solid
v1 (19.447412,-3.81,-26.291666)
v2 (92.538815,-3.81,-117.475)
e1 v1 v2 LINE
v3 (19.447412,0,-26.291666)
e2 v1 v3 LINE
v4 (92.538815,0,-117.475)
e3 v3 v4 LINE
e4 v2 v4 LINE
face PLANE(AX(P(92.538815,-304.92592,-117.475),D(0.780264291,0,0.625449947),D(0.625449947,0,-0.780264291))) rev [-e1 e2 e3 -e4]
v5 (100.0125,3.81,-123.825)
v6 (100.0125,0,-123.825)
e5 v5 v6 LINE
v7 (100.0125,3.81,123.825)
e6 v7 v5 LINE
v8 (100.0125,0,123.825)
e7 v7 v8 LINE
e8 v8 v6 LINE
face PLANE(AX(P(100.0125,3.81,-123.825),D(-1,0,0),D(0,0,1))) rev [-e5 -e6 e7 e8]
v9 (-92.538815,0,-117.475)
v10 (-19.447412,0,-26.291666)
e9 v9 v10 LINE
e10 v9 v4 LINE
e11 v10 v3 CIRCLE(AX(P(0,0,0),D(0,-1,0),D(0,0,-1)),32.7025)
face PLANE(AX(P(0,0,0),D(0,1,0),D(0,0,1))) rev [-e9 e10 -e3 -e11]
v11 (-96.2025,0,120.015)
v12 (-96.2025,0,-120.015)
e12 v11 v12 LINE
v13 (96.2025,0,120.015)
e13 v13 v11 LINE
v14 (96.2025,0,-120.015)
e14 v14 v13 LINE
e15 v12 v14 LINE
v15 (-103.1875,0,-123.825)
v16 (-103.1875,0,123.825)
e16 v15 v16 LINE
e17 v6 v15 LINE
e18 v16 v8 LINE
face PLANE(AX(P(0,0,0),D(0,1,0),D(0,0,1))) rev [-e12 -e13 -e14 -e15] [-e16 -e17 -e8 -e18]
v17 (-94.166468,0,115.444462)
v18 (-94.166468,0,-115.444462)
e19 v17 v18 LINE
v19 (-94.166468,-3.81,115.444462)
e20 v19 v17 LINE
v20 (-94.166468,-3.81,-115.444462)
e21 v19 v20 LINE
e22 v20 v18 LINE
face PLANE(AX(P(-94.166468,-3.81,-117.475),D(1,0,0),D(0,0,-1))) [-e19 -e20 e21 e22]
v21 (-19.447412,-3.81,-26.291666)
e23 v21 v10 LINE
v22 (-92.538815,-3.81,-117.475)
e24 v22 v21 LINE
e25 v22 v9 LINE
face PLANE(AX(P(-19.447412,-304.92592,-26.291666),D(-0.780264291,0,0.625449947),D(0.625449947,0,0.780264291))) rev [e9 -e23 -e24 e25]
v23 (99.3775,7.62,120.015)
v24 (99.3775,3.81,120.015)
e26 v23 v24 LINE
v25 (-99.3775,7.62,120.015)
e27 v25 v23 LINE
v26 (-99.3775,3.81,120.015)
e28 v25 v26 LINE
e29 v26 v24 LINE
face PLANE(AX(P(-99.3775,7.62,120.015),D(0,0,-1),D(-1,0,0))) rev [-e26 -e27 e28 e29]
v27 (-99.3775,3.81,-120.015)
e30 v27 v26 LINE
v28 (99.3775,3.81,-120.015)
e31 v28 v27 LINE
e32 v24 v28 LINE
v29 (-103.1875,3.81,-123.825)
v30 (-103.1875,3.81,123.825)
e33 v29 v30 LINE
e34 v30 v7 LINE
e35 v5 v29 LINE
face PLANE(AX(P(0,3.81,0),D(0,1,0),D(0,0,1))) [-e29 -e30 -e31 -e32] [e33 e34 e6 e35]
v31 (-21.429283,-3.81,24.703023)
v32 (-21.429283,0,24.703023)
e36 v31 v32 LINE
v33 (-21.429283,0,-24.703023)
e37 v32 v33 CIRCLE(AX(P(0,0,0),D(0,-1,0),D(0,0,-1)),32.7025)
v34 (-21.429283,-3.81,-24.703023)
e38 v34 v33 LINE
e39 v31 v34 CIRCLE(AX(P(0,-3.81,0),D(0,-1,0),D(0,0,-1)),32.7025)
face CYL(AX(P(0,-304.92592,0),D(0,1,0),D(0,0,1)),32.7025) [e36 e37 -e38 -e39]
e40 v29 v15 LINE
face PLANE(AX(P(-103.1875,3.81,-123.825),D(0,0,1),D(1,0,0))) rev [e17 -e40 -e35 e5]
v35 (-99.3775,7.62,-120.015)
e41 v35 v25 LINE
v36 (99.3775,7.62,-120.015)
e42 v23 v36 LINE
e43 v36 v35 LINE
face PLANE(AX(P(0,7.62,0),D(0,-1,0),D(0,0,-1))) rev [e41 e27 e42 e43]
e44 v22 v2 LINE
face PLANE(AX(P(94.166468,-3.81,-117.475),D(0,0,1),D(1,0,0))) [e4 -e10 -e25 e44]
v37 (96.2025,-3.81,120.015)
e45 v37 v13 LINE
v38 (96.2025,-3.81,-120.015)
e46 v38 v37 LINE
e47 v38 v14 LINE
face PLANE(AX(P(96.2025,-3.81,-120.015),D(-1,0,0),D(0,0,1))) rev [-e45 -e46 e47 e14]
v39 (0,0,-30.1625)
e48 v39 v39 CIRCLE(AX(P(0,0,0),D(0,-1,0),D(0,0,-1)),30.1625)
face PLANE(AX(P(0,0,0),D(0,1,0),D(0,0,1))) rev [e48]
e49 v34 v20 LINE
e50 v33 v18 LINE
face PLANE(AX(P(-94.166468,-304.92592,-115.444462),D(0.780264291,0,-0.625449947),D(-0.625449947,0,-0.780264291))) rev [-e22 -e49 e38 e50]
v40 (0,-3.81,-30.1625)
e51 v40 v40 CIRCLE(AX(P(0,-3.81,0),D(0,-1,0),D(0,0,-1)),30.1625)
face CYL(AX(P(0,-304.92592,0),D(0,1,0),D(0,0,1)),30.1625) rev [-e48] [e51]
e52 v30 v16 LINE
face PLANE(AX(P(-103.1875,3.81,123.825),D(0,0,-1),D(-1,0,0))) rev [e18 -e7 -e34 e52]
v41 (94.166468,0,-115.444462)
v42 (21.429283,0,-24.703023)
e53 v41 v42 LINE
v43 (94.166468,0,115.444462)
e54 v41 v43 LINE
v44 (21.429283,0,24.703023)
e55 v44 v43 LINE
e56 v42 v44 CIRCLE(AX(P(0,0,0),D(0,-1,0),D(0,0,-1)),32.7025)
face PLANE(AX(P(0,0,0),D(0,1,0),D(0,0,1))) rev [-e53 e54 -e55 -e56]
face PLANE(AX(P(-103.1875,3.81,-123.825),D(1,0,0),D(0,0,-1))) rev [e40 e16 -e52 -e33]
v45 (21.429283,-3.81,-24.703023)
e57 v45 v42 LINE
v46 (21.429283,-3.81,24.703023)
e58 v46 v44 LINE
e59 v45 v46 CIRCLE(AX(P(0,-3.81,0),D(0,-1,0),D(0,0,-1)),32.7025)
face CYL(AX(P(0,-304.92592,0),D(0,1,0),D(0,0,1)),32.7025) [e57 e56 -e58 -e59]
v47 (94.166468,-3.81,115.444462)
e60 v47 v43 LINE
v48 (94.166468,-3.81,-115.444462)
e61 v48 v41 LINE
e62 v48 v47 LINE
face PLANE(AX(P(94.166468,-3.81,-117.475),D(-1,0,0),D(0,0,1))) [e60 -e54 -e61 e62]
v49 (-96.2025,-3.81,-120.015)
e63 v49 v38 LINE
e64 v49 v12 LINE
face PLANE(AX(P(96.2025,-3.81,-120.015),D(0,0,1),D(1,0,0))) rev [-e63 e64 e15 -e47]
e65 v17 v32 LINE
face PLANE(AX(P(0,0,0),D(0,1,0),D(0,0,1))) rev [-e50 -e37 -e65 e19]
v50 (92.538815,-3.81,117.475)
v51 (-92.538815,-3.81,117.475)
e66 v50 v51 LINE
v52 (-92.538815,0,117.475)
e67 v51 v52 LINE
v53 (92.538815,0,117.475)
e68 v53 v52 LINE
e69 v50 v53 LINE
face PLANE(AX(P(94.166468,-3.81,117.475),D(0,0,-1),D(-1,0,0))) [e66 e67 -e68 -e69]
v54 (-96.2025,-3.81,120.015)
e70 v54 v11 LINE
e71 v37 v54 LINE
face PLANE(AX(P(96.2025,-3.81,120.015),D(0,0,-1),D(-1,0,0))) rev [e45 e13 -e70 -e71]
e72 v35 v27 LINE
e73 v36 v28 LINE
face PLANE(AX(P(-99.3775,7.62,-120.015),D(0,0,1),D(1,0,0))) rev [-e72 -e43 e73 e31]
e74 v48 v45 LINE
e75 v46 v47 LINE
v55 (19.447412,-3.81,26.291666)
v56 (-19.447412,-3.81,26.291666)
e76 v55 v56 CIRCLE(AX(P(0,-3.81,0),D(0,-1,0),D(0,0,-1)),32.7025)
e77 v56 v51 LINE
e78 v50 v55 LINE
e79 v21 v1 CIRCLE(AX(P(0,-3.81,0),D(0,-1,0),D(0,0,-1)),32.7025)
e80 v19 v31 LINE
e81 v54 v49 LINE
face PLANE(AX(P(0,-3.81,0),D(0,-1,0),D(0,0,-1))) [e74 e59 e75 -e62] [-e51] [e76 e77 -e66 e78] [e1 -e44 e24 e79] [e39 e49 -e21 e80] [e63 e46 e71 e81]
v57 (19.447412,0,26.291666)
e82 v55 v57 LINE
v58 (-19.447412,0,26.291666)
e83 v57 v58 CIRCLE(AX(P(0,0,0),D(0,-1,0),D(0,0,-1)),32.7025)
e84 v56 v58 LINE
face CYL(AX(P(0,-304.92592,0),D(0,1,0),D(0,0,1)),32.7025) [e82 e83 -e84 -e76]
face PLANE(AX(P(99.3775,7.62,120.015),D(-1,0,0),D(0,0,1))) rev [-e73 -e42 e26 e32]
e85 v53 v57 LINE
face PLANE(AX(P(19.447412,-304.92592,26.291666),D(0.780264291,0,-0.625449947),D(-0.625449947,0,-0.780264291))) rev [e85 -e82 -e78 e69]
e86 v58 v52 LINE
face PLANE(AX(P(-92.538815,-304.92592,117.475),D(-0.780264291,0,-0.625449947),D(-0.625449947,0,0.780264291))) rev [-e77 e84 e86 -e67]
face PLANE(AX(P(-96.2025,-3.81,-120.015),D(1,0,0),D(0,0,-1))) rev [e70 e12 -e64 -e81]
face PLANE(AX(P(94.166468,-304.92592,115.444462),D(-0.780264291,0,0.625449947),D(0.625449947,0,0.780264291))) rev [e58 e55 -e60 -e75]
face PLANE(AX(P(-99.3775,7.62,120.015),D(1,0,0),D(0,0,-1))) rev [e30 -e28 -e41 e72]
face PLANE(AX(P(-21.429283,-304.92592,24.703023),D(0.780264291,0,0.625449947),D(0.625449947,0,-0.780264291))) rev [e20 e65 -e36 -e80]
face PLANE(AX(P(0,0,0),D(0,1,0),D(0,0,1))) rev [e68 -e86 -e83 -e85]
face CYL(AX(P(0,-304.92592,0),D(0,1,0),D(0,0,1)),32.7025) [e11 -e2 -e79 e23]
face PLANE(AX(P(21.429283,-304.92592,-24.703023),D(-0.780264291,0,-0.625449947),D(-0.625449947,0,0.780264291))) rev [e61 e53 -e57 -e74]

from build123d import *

# Parameters (mm, degrees)
SKETCH1_W           = 203.2
SKETCH1_H           = 247.65
BOSS_EXTRUDE1_DEPTH = 3.81
SKETCH2_W           = 198.755
SKETCH2_H           = 240.03
BOSS_EXTRUDE2_DEPTH = 3.81
SKETCH3_W           = 192.405
SKETCH3_H           = 240.03
SKETCH3_W_2         = 188.332936508
SKETCH3_H_2         = 234.95
BOSS_EXTRUDE3_DEPTH = 3.81
SKETCH4_R           = 30.1625
BOSS_EXTRUDE4_DEPTH = 3.81


with BuildPart() as part:
    # Sketch1 → Boss-Extrude1 (new body)
    with BuildSketch(Plane(origin=(0, 0, 0), x_dir=(1, 0, 0), z_dir=(0, 1, 0))):
        with Locations((-1.5875, 0)):
            Rectangle(SKETCH1_W, SKETCH1_H)
    extrude(amount=BOSS_EXTRUDE1_DEPTH)

    # Sketch2 → Boss-Extrude2 (add)
    with BuildSketch(Plane(origin=(0, 3.81, 0), x_dir=(1, 0, 0), z_dir=(0, 1, 0))):
        Rectangle(SKETCH2_W, SKETCH2_H)
    extrude(amount=BOSS_EXTRUDE2_DEPTH)

    # Sketch3 → Boss-Extrude3 (add)
    with BuildSketch(Plane.XZ):
        Rectangle(SKETCH3_W, SKETCH3_H)
        Rectangle(SKETCH3_W_2, SKETCH3_H_2, mode=Mode.SUBTRACT)
    extrude(amount=BOSS_EXTRUDE3_DEPTH)

    # Sketch4 → Boss-Extrude4 (add)
    with BuildSketch(Plane(origin=(0, 0, 0), x_dir=(-1, 0, 0), z_dir=(0, -1, 0))):
        with BuildLine():
            Line((-92.538814631, 117.475), (-19.447411716, 26.291665671))
            ThreePointArc((-19.447411716, 26.291665671), (0, 32.7025), (19.447411716, 26.291665671))
            Line((19.447411716, 26.291665671), (92.538814631, 117.475))
            Line((92.538814631, 117.475), (94.166468254, 117.475))
            Line((94.166468254, 117.475), (94.166468254, 115.444461816))
            Line((94.166468254, 115.444461816), (21.429283015, 24.703022805))
            ThreePointArc((21.429283015, 24.703022805), (32.7025, 0), (21.429283015, -24.703022805))
            Line((21.429283015, -24.703022805), (94.166468254, -115.444461816))
            Line((94.166468254, -115.444461816), (94.166468254, -117.475))
            Line((94.166468254, -117.475), (92.538814631, -117.475))
            Line((92.538814631, -117.475), (19.447411716, -26.291665671))
            ThreePointArc((19.447411716, -26.291665671), (0, -32.7025), (-19.447411716, -26.291665671))
            Line((-19.447411716, -26.291665671), (-92.538814631, -117.475))
            Line((-92.538814631, -117.475), (-94.166468254, -117.475))
            Line((-94.166468254, -117.475), (-94.166468254, -115.444461816))
            Line((-94.166468254, -115.444461816), (-21.429283015, -24.703022805))
            ThreePointArc((-21.429283015, -24.703022805), (-32.7025, 0), (-21.429283015, 24.703022805))
            Line((-21.429283015, 24.703022805), (-94.166468254, 115.444461816))
            Line((-94.166468254, 115.444461816), (-94.166468254, 117.475))
            Line((-94.166468254, 117.475), (-92.538814631, 117.475))
        make_face()
        with Locations(Location((0, 0, 0), (0, 0, 90))):
            Circle(SKETCH4_R, mode=Mode.SUBTRACT)
    extrude(amount=BOSS_EXTRUDE4_DEPTH)


solid = part.part
